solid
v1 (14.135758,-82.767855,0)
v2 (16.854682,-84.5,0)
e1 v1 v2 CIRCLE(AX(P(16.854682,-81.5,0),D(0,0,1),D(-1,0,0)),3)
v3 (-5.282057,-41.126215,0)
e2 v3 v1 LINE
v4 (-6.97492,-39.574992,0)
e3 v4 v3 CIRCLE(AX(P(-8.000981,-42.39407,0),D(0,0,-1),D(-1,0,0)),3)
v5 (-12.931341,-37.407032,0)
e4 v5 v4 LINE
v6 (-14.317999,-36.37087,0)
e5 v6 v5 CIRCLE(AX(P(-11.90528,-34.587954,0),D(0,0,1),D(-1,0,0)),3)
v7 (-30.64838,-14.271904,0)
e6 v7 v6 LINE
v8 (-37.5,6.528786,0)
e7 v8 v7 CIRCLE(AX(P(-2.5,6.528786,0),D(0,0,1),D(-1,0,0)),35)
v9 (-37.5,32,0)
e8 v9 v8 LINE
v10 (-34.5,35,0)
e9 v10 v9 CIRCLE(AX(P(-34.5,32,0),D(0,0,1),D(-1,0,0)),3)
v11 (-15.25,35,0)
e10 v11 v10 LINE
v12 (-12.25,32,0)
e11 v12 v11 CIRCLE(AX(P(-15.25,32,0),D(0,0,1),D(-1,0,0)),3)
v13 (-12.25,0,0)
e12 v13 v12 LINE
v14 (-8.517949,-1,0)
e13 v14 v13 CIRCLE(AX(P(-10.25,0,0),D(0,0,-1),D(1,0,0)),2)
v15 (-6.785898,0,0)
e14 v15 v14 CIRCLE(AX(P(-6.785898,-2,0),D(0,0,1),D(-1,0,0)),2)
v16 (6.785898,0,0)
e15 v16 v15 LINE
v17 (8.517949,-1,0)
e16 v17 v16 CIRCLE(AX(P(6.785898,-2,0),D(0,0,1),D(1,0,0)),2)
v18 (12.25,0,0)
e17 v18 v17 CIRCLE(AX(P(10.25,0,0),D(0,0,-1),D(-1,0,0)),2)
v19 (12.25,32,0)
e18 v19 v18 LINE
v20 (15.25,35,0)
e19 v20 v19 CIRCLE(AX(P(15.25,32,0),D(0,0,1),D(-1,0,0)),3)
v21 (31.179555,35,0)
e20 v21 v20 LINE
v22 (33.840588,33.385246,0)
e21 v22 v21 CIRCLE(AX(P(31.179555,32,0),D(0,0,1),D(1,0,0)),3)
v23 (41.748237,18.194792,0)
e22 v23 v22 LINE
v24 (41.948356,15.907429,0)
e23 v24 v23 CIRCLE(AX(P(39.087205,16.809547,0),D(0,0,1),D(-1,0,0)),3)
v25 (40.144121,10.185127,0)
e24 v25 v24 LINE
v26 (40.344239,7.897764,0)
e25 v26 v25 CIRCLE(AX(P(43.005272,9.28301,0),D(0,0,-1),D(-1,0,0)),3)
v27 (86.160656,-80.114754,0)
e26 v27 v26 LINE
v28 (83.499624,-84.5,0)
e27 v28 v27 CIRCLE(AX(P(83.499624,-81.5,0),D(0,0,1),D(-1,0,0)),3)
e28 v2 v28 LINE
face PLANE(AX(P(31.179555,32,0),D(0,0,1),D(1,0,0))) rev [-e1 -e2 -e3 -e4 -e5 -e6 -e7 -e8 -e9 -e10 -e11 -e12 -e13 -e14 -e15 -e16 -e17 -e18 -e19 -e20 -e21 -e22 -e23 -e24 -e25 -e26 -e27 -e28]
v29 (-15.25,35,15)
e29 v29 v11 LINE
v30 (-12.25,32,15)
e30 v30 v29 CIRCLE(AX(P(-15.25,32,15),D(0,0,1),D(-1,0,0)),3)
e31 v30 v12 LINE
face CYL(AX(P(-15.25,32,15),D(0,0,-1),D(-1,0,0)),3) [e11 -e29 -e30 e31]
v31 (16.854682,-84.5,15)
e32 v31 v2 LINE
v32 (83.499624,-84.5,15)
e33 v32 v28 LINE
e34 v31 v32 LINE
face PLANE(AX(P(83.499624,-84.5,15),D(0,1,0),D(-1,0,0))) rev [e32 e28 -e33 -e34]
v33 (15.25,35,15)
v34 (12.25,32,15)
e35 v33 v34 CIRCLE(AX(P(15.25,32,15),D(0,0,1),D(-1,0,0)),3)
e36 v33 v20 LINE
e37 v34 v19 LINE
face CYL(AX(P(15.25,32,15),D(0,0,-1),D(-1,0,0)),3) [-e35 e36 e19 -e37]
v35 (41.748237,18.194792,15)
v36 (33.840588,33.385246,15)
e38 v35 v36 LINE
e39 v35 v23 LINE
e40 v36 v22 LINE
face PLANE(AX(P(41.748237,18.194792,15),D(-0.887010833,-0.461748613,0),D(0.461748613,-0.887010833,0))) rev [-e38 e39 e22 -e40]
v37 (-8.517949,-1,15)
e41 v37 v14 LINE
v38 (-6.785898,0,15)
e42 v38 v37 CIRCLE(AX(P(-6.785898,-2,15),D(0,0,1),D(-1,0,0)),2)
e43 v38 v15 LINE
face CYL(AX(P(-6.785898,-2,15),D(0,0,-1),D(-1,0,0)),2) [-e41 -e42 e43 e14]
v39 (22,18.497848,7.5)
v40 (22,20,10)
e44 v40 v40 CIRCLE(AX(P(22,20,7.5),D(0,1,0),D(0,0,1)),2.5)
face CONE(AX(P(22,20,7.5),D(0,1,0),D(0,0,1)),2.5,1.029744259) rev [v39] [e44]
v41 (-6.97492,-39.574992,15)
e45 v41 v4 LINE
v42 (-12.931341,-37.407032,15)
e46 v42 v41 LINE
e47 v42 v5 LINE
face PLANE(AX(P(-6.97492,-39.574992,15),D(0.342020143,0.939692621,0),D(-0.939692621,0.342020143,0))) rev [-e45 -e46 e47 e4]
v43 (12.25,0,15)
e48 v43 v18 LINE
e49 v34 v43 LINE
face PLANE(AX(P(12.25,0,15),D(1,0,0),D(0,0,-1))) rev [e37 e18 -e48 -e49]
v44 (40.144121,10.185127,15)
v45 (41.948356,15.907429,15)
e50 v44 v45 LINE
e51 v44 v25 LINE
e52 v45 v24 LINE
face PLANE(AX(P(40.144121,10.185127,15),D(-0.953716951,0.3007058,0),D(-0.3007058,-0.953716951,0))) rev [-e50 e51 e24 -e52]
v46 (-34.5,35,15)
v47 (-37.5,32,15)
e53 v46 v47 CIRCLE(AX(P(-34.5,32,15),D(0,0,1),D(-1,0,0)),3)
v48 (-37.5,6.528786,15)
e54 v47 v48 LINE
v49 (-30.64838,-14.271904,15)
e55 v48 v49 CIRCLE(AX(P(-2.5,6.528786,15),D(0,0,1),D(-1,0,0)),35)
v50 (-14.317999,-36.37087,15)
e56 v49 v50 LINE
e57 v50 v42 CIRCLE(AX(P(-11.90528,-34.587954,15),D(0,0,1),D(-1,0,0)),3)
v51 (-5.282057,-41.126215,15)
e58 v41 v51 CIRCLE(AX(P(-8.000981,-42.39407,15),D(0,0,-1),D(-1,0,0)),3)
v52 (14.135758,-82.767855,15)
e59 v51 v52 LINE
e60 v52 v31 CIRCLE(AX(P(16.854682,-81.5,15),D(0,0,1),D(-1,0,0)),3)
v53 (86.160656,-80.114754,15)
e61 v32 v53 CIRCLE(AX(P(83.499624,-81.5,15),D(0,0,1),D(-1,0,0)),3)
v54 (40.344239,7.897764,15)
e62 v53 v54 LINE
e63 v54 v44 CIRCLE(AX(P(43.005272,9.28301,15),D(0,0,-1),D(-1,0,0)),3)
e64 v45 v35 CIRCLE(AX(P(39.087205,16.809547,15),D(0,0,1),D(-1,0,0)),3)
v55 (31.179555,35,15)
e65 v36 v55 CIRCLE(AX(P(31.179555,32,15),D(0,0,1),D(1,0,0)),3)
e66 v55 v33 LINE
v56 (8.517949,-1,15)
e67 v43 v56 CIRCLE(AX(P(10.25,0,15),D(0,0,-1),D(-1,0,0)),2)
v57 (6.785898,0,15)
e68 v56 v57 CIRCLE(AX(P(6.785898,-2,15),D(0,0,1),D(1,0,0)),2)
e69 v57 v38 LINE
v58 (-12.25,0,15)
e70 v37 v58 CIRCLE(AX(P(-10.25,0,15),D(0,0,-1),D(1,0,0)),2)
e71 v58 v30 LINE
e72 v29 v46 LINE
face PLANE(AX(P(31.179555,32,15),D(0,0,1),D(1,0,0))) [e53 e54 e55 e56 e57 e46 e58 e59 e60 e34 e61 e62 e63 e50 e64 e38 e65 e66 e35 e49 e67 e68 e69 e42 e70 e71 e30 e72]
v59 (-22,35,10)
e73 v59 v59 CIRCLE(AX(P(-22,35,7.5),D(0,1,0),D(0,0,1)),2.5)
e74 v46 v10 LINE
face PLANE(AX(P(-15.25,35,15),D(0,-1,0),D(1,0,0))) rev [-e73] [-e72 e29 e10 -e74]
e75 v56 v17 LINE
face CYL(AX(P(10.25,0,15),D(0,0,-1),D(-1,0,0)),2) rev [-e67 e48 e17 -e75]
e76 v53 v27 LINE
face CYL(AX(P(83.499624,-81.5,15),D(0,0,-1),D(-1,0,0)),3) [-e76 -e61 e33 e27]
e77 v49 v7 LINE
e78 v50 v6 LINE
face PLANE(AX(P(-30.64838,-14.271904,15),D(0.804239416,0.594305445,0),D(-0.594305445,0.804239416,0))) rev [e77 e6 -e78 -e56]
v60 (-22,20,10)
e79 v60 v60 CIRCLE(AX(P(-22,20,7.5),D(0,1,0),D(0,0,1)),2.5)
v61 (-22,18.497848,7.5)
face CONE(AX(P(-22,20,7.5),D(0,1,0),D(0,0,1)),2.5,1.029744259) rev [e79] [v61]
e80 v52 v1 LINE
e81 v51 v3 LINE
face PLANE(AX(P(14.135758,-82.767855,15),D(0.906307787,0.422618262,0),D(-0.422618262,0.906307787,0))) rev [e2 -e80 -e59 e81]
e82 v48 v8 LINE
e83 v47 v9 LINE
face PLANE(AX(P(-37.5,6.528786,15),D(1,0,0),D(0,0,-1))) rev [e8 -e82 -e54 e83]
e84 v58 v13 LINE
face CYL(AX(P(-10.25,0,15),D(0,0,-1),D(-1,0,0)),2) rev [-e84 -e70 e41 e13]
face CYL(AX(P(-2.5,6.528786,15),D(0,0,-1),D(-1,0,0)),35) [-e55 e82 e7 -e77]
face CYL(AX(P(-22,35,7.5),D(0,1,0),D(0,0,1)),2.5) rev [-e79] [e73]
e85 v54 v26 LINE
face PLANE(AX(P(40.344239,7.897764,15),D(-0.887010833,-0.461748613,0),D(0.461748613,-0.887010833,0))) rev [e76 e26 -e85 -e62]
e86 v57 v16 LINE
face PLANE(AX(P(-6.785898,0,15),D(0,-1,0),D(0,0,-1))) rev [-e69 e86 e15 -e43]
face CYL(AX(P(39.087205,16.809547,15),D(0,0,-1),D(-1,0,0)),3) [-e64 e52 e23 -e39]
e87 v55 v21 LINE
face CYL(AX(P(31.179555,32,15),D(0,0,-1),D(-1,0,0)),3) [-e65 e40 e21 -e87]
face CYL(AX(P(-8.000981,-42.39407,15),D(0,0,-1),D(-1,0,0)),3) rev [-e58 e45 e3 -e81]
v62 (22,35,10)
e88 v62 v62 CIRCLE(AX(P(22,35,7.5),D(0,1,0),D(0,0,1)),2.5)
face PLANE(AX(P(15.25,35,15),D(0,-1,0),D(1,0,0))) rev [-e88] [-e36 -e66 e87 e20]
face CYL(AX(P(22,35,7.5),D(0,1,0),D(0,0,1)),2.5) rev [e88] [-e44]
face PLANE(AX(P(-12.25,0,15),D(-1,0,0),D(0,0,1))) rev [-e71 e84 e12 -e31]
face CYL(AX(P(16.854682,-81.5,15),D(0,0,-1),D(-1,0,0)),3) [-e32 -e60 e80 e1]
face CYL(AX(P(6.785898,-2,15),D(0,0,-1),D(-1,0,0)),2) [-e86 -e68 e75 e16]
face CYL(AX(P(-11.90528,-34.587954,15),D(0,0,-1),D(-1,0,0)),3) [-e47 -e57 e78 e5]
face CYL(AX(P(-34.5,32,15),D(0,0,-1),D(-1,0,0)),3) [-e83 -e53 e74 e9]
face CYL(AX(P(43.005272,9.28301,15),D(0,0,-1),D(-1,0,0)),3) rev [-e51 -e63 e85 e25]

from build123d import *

# Parameters (mm, degrees)
EXTRUDE1_DEPTH = 15
HOLE1_D        = 5
HOLE1_DEPTH    = 15
HOLE1_TIP      = 1.502151548


with BuildPart() as part:
    # Sketch1 → Extrude1 (new body)
    with BuildSketch(Plane.XY):
        with BuildLine():
            Line((-6.785898385, 0), (6.785898385, 0))
            ThreePointArc((6.785898385, 0), (7.785898385, -0.267949192), (8.517949192, -1))
            ThreePointArc((8.517949192, -1), (10.76763809, -1.931851653), (12.25, 0))
            Line((12.25, 0), (12.25, 32))
            ThreePointArc((12.25, 32), (13.128679656, 34.121320344), (15.25, 35))
            Line((15.25, 35), (31.179555311, 35))
            ThreePointArc((31.179555311, 35), (32.735875086, 34.564735612), (33.840587811, 33.38524584))
            Line((33.840587811, 33.38524584), (41.748237339, 18.19479243))
            ThreePointArc((41.748237339, 18.19479243), (42.075788934, 17.071013818), (41.948355691, 15.907429191))
            Line((41.948355691, 15.907429191), (40.144120894, 10.185127487))
            ThreePointArc((40.144120894, 10.185127487), (40.016687652, 9.02154286), (40.344239247, 7.897764249))
            Line((40.344239247, 7.897764249), (86.160656367, -80.11475416))
            ThreePointArc((86.160656367, -80.11475416), (86.064359479, -83.056319774), (83.499623867, -84.5))
            Line((83.499623867, -84.5), (16.854681642, -84.5))
            ThreePointArc((16.854681642, -84.5), (15.242782817, -84.030174337), (14.135758281, -82.767854785))
            Line((14.135758281, -82.767854785), (-5.282057281, -41.126214931))
            ThreePointArc((-5.282057281, -41.126214931), (-5.974210019, -40.182237706), (-6.974920212, -39.574991854))
            Line((-6.974920212, -39.574991854), (-12.931340914, -37.407032016))
            ThreePointArc((-12.931340914, -37.407032016), (-13.701027508, -36.991138005), (-14.317998731, -36.370870489))
            Line((-14.317998731, -36.370870489), (-30.648379548, -14.271904325))
            ThreePointArc((-30.648379548, -14.271904325), (-35.74299388, -4.421252914), (-37.5, 6.52878626))
            Line((-37.5, 6.52878626), (-37.5, 32))
            ThreePointArc((-37.5, 32), (-36.621320344, 34.121320344), (-34.5, 35))
            Line((-34.5, 35), (-15.25, 35))
            ThreePointArc((-15.25, 35), (-13.128679656, 34.121320344), (-12.25, 32))
            Line((-12.25, 32), (-12.25, 0))
            ThreePointArc((-12.25, 0), (-10.76763809, -1.931851653), (-8.517949192, -1))
            ThreePointArc((-8.517949192, -1), (-7.785898385, -0.267949192), (-6.785898385, 0))
        make_face()
    extrude(amount=EXTRUDE1_DEPTH)

    # Hole1
    with Locations(Plane(origin=(0, 35, 0), x_dir=(-1, 0, 0), z_dir=(0, 1, 0))):
        with Locations((-22, 7.5), (22, 7.5)):
            Hole(HOLE1_D / 2, depth=HOLE1_DEPTH)
            with Locations((0, 0, -(HOLE1_DEPTH + HOLE1_TIP / 2))):  # 118° drill point
                Cone(0, HOLE1_D / 2, HOLE1_TIP, mode=Mode.SUBTRACT)


solid = part.part
